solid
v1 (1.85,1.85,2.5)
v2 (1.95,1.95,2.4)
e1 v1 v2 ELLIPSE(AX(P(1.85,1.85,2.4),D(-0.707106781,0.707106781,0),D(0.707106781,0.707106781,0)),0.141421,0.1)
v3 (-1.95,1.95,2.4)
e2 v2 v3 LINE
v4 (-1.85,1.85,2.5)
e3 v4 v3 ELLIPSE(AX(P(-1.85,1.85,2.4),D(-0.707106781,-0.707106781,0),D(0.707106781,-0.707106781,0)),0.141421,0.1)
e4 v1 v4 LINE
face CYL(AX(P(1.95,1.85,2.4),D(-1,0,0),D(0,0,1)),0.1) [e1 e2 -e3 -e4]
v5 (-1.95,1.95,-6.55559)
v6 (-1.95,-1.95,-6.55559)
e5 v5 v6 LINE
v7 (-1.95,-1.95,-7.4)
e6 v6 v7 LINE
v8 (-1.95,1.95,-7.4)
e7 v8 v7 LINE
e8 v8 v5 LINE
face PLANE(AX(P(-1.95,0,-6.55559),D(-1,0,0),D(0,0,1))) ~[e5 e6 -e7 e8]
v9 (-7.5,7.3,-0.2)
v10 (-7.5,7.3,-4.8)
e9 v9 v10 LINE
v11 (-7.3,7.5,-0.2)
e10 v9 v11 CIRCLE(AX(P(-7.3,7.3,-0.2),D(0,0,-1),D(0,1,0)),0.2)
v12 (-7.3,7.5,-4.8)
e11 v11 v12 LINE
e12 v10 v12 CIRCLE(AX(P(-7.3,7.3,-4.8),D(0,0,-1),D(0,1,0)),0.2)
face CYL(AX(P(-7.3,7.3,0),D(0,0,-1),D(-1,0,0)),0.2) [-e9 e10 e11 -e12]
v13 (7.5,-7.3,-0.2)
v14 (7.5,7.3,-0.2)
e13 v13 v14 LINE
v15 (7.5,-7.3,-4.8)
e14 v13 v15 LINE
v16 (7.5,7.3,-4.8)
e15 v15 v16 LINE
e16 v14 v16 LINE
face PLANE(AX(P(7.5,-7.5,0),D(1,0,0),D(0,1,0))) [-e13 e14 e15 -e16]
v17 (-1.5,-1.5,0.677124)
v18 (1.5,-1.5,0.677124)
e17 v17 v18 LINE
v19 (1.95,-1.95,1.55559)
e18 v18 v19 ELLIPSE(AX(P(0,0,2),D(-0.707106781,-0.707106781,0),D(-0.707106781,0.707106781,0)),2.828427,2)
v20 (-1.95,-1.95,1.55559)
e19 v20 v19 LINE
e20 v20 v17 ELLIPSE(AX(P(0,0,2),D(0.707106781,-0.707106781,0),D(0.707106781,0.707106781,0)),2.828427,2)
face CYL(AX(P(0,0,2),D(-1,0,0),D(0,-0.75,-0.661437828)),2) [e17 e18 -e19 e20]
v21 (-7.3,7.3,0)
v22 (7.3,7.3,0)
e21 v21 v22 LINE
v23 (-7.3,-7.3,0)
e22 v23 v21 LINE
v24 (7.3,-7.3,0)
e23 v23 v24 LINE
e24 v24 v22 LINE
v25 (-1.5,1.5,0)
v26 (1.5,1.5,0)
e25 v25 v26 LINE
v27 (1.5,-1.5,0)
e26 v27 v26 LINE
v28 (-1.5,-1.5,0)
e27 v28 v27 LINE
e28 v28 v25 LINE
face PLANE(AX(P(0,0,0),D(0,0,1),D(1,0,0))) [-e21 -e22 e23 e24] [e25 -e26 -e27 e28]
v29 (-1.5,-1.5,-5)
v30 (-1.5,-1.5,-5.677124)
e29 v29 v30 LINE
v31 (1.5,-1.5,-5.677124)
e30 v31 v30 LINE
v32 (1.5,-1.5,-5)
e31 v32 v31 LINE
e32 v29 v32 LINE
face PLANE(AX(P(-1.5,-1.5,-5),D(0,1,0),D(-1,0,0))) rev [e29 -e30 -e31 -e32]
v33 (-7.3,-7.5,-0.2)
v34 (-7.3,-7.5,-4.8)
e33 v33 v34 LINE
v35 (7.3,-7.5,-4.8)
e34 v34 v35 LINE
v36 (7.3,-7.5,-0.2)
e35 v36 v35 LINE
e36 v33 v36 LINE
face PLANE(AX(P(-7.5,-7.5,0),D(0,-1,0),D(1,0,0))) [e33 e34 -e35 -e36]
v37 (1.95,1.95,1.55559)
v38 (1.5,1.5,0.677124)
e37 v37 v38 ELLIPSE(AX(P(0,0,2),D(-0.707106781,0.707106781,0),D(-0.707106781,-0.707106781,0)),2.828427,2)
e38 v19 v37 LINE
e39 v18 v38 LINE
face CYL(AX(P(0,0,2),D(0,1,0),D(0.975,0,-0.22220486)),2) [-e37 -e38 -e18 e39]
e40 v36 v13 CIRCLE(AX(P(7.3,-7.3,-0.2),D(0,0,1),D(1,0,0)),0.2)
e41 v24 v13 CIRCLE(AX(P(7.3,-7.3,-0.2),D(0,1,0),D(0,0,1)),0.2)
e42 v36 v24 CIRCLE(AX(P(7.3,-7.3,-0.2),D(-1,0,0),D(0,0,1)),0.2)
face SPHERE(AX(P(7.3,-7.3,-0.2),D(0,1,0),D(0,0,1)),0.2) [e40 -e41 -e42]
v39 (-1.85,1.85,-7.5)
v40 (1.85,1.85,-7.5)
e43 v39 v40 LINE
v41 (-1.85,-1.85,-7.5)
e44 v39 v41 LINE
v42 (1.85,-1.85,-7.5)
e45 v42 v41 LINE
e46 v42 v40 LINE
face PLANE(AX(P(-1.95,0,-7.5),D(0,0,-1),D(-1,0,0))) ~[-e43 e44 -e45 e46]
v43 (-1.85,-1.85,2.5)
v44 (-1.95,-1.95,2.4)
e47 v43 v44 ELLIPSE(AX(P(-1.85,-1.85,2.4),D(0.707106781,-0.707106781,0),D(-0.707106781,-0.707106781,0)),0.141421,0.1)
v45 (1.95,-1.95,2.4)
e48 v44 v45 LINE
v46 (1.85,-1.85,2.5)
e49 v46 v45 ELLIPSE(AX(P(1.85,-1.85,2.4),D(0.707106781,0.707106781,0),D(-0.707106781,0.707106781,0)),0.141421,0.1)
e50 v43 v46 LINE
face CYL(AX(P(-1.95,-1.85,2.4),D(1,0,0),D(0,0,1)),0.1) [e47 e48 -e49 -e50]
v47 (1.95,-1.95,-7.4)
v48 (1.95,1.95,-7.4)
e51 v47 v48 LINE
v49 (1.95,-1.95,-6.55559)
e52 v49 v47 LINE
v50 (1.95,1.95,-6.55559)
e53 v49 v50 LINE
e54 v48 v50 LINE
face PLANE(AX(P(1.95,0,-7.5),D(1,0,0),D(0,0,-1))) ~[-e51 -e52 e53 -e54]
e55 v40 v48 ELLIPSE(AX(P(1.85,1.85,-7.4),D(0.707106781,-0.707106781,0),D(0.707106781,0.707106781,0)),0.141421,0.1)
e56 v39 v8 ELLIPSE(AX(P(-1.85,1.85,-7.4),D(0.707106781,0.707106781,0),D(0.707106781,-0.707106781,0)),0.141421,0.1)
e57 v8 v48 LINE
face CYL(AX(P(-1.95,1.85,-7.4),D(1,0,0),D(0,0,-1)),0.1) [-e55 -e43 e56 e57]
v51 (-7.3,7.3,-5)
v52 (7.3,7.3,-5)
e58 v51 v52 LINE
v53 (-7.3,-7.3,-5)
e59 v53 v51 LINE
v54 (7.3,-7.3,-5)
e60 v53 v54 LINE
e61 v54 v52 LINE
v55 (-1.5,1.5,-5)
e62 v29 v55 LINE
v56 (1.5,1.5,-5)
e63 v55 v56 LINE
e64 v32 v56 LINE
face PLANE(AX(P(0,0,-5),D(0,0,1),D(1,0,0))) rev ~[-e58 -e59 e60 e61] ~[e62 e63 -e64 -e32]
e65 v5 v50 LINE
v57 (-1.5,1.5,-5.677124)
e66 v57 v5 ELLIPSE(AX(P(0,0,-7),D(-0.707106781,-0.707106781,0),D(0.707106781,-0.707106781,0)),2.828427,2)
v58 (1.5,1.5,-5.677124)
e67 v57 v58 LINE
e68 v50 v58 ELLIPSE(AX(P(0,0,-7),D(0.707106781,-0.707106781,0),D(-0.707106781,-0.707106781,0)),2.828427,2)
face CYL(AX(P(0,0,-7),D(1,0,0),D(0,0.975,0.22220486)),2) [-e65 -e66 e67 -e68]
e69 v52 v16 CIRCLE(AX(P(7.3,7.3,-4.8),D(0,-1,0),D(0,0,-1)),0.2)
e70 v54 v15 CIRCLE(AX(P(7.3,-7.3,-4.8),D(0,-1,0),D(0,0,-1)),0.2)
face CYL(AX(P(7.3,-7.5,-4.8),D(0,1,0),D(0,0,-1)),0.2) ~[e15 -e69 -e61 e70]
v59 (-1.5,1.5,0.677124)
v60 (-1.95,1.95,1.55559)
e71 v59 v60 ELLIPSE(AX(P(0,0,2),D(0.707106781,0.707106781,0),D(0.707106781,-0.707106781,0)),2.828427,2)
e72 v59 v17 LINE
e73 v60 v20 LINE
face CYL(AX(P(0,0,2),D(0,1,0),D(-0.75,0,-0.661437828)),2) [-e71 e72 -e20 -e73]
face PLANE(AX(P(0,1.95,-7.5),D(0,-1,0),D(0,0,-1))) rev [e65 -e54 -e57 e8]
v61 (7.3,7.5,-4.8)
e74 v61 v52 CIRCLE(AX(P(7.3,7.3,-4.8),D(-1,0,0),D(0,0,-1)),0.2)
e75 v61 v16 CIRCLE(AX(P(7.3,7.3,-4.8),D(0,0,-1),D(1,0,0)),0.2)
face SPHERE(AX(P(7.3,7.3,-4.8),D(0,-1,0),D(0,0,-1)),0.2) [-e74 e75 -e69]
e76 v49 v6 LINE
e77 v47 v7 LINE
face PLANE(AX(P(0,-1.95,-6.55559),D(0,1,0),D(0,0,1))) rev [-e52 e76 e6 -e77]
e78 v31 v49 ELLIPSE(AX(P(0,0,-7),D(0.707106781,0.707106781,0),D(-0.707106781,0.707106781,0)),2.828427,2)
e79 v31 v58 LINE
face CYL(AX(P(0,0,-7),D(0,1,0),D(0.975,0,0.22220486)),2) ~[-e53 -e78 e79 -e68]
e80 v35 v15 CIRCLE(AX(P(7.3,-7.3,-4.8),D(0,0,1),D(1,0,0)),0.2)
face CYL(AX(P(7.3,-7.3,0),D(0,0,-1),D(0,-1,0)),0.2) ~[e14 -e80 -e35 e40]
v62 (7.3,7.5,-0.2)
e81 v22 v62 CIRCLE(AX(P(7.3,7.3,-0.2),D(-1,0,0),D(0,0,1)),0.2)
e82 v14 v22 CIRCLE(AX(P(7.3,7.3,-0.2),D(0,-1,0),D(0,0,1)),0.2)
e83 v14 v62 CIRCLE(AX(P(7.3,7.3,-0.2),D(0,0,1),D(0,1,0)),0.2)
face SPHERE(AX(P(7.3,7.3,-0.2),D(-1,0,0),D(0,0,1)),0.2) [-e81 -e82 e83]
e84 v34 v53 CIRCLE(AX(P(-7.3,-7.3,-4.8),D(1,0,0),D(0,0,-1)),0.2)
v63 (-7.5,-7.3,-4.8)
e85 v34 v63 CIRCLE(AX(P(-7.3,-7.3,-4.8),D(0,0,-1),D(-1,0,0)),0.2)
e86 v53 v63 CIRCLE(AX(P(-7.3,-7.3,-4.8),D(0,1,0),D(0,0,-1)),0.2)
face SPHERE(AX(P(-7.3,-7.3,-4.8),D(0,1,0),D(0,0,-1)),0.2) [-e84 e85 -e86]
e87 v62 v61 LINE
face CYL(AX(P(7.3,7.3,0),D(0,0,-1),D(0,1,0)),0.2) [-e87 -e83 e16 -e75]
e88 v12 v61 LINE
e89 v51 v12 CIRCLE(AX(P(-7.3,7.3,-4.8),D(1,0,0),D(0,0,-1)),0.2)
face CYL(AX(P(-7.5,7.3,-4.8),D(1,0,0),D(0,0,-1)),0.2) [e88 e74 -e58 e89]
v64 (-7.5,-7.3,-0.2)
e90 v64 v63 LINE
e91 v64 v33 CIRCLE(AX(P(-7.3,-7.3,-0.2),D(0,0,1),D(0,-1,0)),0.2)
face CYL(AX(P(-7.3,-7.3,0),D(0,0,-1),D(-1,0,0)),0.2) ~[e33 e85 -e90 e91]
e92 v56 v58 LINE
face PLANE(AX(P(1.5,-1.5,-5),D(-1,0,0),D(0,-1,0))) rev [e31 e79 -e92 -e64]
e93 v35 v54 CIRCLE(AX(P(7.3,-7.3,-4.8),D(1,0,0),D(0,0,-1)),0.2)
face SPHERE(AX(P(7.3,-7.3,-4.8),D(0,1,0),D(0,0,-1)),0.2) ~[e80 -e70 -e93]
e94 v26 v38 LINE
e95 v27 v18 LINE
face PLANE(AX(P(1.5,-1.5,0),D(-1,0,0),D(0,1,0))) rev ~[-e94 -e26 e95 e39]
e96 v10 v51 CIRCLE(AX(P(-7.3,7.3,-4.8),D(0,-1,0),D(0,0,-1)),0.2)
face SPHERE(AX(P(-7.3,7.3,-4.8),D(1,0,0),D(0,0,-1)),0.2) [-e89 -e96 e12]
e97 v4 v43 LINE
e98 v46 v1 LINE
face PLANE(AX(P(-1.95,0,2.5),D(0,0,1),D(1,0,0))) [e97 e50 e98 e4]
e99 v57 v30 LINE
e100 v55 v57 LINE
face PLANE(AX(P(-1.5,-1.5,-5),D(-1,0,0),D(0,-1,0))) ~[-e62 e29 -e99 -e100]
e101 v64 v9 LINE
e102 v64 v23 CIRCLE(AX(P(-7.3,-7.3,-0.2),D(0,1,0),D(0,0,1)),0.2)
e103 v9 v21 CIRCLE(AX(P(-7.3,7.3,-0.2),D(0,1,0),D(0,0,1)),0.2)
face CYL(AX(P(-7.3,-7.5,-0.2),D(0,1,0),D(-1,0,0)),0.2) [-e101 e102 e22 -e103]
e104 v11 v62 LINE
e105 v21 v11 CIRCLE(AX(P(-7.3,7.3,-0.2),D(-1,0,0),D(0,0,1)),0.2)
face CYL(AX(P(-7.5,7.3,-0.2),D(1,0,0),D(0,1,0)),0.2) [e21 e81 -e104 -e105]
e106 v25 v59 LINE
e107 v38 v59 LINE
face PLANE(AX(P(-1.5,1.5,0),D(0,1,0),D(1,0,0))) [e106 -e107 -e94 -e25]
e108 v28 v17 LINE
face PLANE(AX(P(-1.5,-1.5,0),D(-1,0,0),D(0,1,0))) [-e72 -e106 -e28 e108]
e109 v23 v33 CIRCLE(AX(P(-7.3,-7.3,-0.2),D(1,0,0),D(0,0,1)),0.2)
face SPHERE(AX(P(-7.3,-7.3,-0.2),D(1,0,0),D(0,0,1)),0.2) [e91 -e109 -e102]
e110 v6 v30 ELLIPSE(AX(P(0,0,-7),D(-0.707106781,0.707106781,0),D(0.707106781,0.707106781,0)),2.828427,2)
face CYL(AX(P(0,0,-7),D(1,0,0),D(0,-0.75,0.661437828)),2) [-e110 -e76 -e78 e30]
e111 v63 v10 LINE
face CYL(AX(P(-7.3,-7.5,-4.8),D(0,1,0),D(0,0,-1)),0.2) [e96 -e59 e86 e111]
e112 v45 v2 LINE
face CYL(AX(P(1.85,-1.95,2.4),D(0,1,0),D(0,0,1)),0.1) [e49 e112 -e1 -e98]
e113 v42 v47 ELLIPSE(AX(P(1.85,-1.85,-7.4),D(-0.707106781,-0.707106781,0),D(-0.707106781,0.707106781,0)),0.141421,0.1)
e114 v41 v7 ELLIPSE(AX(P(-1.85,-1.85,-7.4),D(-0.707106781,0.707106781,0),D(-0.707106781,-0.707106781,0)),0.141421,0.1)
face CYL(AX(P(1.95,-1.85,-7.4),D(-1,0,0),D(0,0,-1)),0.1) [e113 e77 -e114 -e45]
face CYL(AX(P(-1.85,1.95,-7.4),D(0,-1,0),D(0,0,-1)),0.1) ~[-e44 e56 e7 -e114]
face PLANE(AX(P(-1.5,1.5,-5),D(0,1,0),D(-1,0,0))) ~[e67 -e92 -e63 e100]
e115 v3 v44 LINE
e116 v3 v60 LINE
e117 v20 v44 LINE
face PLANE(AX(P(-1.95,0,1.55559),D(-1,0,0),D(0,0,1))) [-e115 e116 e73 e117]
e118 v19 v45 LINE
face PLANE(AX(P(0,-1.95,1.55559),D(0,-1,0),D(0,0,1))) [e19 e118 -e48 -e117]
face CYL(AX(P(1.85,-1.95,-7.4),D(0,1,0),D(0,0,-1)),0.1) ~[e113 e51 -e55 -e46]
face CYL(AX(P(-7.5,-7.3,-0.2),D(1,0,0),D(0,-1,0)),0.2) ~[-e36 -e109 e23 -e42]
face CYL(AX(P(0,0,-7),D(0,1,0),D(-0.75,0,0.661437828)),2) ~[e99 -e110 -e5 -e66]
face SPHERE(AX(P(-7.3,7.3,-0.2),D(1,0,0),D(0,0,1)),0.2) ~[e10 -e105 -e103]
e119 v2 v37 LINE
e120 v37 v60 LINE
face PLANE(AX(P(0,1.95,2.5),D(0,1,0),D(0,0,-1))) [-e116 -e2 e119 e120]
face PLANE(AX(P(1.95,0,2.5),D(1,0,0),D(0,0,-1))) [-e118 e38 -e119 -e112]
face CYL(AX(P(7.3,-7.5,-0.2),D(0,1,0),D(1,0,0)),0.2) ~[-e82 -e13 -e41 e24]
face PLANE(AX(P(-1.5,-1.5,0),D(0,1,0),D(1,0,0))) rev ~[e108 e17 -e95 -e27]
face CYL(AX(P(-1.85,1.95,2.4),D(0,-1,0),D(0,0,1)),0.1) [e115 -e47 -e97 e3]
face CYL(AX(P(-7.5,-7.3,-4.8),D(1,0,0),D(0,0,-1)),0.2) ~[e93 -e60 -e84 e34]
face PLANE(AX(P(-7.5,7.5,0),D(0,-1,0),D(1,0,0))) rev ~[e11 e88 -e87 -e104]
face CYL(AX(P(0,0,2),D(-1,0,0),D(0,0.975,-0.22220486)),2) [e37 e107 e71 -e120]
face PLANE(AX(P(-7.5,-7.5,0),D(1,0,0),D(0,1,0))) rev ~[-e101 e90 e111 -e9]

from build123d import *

# Parameters (mm, degrees)
SKETCH_1_W                      = 15
SKETCH_1_H                      = 15
EXTRUDE_1_DEPTH                 = 5
SKETCH_2_W                      = 3
SKETCH_2_H                      = 3
EXTRUDE_2_DEPTH                 = 1
EXTRUDE_3_DEPTH                 = 2
CUT_EXTRUDE_1_REACH             = 13.726
CUT_EXTRUDE_1_DIRECTION_2_REACH = 13.726
FILLET_1_R                      = 0.1
FILLET_1_OF_MIRROR_1_R          = 0.1
FILLET_2_R                      = 0.2


with BuildPart() as part:
    # 草图1 → 凸台-拉伸1 (new body)
    with BuildSketch(Plane.XY):
        Rectangle(SKETCH_1_W, SKETCH_1_H)
    extrude(amount=-EXTRUDE_1_DEPTH)

    # 草图2 → 凸台-拉伸2 (add)
    with BuildSketch(Plane.XY):
        Rectangle(SKETCH_2_W, SKETCH_2_H)
    extrude_2 = extrude(amount=EXTRUDE_2_DEPTH)

    # 草图3 → 凸台-拉伸3 (add, symmetric)
    with BuildSketch(Plane(origin=(0, 0, 0), x_dir=(1, 0, 0), z_dir=(0, 1, 0))):
        with BuildLine():
            Line((-1.95, -2.5), (1.95, -2.5))
            Line((1.95, -2.5), (1.95, -1.555590279))
            ThreePointArc((1.95, -1.555590279), (1.780042303, -1.088161527), (1.5, -0.677124344))
            Line((1.5, -0.677124344), (-1.5, -0.677124344))
            ThreePointArc((-1.5, -0.677124344), (-1.780042303, -1.088161527), (-1.95, -1.555590279))
            Line((-1.95, -1.555590279), (-1.95, -2.5))
        make_face()
    extrude_3 = extrude(amount=EXTRUDE_3_DEPTH, both=True)

    # 草图4 → 切除-拉伸1 (cut, up to next)
    with BuildSketch(Plane(origin=(0, 0, 0), x_dir=(0, 0, -1), z_dir=(1, 0, 0)), mode=Mode.PRIVATE) as cut_extrude_1_sk1:
        with BuildLine():
            Line((-2.5, 1.95), (-1.555590279, 1.95))
            ThreePointArc((-1.555590279, 1.95), (-1.088161527, 1.780042303), (-0.677124344, 1.5))
            Line((-0.677124344, 1.5), (-0.677124344, 2))
            Line((-0.677124344, 2), (-2.5, 2))
            Line((-2.5, 2), (-2.5, 1.95))
        make_face()
    cut_extrude_1_tool1 = extrude(cut_extrude_1_sk1.sketch, amount=-CUT_EXTRUDE_1_REACH, mode=Mode.PRIVATE) & part.part
    # 草图4 → 切除-拉伸1 (cut, up to next)
    with BuildSketch(Plane(origin=(0, 0, 0), x_dir=(0, 0, -1), z_dir=(1, 0, 0)), mode=Mode.PRIVATE) as cut_extrude_1_sk2:
        with BuildLine():
            Line((-2.5, -2), (-0.677124344, -2))
            Line((-0.677124344, -2), (-0.677124344, -1.5))
            ThreePointArc((-0.677124344, -1.5), (-1.088161527, -1.780042303), (-1.555590279, -1.95))
            Line((-1.555590279, -1.95), (-2.5, -1.95))
            Line((-2.5, -1.95), (-2.5, -2))
        make_face()
    cut_extrude_1_tool2 = extrude(cut_extrude_1_sk2.sketch, amount=-CUT_EXTRUDE_1_REACH, mode=Mode.PRIVATE) & part.part
    cut_extrude_1_1 = cut_extrude_1_tool1.solids().sort_by_distance((0, 1.873038, 1.175075))[0]
    add(cut_extrude_1_1, mode=Mode.SUBTRACT)
    cut_extrude_1_2 = cut_extrude_1_tool2.solids().sort_by_distance((0, -1.873038, 1.175075))[0]
    add(cut_extrude_1_2, mode=Mode.SUBTRACT)
    cut_extrude_1 = cut_extrude_1_1 + cut_extrude_1_2  # 切除-拉伸1 as one shape, for the pattern or mirror that repeats it

    # 草图4 → 切除-拉伸1 direction 2 (cut, up to next)
    with BuildSketch(Plane(origin=(0, 0, 0), x_dir=(0, 0, -1), z_dir=(1, 0, 0)), mode=Mode.PRIVATE) as cut_extrude_1_direction_2_sk1:
        with BuildLine():
            Line((-2.5, 1.95), (-1.555590279, 1.95))
            ThreePointArc((-1.555590279, 1.95), (-1.088161527, 1.780042303), (-0.677124344, 1.5))
            Line((-0.677124344, 1.5), (-0.677124344, 2))
            Line((-0.677124344, 2), (-2.5, 2))
            Line((-2.5, 2), (-2.5, 1.95))
        make_face()
    cut_extrude_1_direction_2_tool1 = extrude(cut_extrude_1_direction_2_sk1.sketch, amount=CUT_EXTRUDE_1_DIRECTION_2_REACH, mode=Mode.PRIVATE) & part.part
    # 草图4 → 切除-拉伸1 direction 2 (cut, up to next)
    with BuildSketch(Plane(origin=(0, 0, 0), x_dir=(0, 0, -1), z_dir=(1, 0, 0)), mode=Mode.PRIVATE) as cut_extrude_1_direction_2_sk2:
        with BuildLine():
            Line((-2.5, -2), (-0.677124344, -2))
            Line((-0.677124344, -2), (-0.677124344, -1.5))
            ThreePointArc((-0.677124344, -1.5), (-1.088161527, -1.780042303), (-1.555590279, -1.95))
            Line((-1.555590279, -1.95), (-2.5, -1.95))
            Line((-2.5, -1.95), (-2.5, -2))
        make_face()
    cut_extrude_1_direction_2_tool2 = extrude(cut_extrude_1_direction_2_sk2.sketch, amount=CUT_EXTRUDE_1_DIRECTION_2_REACH, mode=Mode.PRIVATE) & part.part
    cut_extrude_1_direction_2_1 = cut_extrude_1_direction_2_tool1.solids().sort_by_distance((0, 1.873038, 1.175075))[0]
    add(cut_extrude_1_direction_2_1, mode=Mode.SUBTRACT)
    cut_extrude_1_direction_2_2 = cut_extrude_1_direction_2_tool2.solids().sort_by_distance((0, -1.873038, 1.175075))[0]
    add(cut_extrude_1_direction_2_2, mode=Mode.SUBTRACT)
    cut_extrude_1_direction_2 = cut_extrude_1_direction_2_1 + cut_extrude_1_direction_2_2  # 切除-拉伸1 direction 2 as one shape, for the pattern or mirror that repeats it

    # 圆角1
    fillet_1_edges = [part.edges().sort_by_distance(p)[0] for p in [
        (-1.95, 0, 2.5),
        (1.95, 0, 2.5),
        (0, -1.95, 2.5),
        (0, 1.95, 2.5),
    ]]
    fillet(fillet_1_edges, radius=FILLET_1_R)

    # 镜向1: 凸台-拉伸2, 凸台-拉伸3, 切除-拉伸1, 切除-拉伸1 direction 2 across plane
    add(extrude_2.mirror(Plane.XY.offset(-2.5)))
    add(extrude_3.mirror(Plane.XY.offset(-2.5)))
    add(cut_extrude_1.mirror(Plane.XY.offset(-2.5)), mode=Mode.SUBTRACT)
    add(cut_extrude_1_direction_2.mirror(Plane.XY.offset(-2.5)), mode=Mode.SUBTRACT)

    # 圆角1 of 镜向1
    fillet_1_of_mirror_1_edges = [part.edges().sort_by_distance(p)[0] for p in [
        (-1.95, 0, -7.5),
        (1.95, 0, -7.5),
        (0, -1.95, -7.5),
        (0, 1.95, -7.5),
    ]]
    fillet(fillet_1_of_mirror_1_edges, radius=FILLET_1_OF_MIRROR_1_R)

    # 圆角2
    fillet_2_edges = [part.edges().sort_by_distance(p)[0] for p in [
        (7.5, 0, -5),
        (0, 7.5, -5),
        (-7.5, 0, -5),
        (0, 7.5, 0),
        (7.5, 0, 0),
        (0, -7.5, 0),
        (-7.5, 0, 0),
        (0, -7.5, -5),
        (-7.5, 7.5, -2.5),
        (7.5, 7.5, -2.5),
        (7.5, -7.5, -2.5),
        (-7.5, -7.5, -2.5),
    ]]
    fillet(fillet_2_edges, radius=FILLET_2_R)


solid = part.part
